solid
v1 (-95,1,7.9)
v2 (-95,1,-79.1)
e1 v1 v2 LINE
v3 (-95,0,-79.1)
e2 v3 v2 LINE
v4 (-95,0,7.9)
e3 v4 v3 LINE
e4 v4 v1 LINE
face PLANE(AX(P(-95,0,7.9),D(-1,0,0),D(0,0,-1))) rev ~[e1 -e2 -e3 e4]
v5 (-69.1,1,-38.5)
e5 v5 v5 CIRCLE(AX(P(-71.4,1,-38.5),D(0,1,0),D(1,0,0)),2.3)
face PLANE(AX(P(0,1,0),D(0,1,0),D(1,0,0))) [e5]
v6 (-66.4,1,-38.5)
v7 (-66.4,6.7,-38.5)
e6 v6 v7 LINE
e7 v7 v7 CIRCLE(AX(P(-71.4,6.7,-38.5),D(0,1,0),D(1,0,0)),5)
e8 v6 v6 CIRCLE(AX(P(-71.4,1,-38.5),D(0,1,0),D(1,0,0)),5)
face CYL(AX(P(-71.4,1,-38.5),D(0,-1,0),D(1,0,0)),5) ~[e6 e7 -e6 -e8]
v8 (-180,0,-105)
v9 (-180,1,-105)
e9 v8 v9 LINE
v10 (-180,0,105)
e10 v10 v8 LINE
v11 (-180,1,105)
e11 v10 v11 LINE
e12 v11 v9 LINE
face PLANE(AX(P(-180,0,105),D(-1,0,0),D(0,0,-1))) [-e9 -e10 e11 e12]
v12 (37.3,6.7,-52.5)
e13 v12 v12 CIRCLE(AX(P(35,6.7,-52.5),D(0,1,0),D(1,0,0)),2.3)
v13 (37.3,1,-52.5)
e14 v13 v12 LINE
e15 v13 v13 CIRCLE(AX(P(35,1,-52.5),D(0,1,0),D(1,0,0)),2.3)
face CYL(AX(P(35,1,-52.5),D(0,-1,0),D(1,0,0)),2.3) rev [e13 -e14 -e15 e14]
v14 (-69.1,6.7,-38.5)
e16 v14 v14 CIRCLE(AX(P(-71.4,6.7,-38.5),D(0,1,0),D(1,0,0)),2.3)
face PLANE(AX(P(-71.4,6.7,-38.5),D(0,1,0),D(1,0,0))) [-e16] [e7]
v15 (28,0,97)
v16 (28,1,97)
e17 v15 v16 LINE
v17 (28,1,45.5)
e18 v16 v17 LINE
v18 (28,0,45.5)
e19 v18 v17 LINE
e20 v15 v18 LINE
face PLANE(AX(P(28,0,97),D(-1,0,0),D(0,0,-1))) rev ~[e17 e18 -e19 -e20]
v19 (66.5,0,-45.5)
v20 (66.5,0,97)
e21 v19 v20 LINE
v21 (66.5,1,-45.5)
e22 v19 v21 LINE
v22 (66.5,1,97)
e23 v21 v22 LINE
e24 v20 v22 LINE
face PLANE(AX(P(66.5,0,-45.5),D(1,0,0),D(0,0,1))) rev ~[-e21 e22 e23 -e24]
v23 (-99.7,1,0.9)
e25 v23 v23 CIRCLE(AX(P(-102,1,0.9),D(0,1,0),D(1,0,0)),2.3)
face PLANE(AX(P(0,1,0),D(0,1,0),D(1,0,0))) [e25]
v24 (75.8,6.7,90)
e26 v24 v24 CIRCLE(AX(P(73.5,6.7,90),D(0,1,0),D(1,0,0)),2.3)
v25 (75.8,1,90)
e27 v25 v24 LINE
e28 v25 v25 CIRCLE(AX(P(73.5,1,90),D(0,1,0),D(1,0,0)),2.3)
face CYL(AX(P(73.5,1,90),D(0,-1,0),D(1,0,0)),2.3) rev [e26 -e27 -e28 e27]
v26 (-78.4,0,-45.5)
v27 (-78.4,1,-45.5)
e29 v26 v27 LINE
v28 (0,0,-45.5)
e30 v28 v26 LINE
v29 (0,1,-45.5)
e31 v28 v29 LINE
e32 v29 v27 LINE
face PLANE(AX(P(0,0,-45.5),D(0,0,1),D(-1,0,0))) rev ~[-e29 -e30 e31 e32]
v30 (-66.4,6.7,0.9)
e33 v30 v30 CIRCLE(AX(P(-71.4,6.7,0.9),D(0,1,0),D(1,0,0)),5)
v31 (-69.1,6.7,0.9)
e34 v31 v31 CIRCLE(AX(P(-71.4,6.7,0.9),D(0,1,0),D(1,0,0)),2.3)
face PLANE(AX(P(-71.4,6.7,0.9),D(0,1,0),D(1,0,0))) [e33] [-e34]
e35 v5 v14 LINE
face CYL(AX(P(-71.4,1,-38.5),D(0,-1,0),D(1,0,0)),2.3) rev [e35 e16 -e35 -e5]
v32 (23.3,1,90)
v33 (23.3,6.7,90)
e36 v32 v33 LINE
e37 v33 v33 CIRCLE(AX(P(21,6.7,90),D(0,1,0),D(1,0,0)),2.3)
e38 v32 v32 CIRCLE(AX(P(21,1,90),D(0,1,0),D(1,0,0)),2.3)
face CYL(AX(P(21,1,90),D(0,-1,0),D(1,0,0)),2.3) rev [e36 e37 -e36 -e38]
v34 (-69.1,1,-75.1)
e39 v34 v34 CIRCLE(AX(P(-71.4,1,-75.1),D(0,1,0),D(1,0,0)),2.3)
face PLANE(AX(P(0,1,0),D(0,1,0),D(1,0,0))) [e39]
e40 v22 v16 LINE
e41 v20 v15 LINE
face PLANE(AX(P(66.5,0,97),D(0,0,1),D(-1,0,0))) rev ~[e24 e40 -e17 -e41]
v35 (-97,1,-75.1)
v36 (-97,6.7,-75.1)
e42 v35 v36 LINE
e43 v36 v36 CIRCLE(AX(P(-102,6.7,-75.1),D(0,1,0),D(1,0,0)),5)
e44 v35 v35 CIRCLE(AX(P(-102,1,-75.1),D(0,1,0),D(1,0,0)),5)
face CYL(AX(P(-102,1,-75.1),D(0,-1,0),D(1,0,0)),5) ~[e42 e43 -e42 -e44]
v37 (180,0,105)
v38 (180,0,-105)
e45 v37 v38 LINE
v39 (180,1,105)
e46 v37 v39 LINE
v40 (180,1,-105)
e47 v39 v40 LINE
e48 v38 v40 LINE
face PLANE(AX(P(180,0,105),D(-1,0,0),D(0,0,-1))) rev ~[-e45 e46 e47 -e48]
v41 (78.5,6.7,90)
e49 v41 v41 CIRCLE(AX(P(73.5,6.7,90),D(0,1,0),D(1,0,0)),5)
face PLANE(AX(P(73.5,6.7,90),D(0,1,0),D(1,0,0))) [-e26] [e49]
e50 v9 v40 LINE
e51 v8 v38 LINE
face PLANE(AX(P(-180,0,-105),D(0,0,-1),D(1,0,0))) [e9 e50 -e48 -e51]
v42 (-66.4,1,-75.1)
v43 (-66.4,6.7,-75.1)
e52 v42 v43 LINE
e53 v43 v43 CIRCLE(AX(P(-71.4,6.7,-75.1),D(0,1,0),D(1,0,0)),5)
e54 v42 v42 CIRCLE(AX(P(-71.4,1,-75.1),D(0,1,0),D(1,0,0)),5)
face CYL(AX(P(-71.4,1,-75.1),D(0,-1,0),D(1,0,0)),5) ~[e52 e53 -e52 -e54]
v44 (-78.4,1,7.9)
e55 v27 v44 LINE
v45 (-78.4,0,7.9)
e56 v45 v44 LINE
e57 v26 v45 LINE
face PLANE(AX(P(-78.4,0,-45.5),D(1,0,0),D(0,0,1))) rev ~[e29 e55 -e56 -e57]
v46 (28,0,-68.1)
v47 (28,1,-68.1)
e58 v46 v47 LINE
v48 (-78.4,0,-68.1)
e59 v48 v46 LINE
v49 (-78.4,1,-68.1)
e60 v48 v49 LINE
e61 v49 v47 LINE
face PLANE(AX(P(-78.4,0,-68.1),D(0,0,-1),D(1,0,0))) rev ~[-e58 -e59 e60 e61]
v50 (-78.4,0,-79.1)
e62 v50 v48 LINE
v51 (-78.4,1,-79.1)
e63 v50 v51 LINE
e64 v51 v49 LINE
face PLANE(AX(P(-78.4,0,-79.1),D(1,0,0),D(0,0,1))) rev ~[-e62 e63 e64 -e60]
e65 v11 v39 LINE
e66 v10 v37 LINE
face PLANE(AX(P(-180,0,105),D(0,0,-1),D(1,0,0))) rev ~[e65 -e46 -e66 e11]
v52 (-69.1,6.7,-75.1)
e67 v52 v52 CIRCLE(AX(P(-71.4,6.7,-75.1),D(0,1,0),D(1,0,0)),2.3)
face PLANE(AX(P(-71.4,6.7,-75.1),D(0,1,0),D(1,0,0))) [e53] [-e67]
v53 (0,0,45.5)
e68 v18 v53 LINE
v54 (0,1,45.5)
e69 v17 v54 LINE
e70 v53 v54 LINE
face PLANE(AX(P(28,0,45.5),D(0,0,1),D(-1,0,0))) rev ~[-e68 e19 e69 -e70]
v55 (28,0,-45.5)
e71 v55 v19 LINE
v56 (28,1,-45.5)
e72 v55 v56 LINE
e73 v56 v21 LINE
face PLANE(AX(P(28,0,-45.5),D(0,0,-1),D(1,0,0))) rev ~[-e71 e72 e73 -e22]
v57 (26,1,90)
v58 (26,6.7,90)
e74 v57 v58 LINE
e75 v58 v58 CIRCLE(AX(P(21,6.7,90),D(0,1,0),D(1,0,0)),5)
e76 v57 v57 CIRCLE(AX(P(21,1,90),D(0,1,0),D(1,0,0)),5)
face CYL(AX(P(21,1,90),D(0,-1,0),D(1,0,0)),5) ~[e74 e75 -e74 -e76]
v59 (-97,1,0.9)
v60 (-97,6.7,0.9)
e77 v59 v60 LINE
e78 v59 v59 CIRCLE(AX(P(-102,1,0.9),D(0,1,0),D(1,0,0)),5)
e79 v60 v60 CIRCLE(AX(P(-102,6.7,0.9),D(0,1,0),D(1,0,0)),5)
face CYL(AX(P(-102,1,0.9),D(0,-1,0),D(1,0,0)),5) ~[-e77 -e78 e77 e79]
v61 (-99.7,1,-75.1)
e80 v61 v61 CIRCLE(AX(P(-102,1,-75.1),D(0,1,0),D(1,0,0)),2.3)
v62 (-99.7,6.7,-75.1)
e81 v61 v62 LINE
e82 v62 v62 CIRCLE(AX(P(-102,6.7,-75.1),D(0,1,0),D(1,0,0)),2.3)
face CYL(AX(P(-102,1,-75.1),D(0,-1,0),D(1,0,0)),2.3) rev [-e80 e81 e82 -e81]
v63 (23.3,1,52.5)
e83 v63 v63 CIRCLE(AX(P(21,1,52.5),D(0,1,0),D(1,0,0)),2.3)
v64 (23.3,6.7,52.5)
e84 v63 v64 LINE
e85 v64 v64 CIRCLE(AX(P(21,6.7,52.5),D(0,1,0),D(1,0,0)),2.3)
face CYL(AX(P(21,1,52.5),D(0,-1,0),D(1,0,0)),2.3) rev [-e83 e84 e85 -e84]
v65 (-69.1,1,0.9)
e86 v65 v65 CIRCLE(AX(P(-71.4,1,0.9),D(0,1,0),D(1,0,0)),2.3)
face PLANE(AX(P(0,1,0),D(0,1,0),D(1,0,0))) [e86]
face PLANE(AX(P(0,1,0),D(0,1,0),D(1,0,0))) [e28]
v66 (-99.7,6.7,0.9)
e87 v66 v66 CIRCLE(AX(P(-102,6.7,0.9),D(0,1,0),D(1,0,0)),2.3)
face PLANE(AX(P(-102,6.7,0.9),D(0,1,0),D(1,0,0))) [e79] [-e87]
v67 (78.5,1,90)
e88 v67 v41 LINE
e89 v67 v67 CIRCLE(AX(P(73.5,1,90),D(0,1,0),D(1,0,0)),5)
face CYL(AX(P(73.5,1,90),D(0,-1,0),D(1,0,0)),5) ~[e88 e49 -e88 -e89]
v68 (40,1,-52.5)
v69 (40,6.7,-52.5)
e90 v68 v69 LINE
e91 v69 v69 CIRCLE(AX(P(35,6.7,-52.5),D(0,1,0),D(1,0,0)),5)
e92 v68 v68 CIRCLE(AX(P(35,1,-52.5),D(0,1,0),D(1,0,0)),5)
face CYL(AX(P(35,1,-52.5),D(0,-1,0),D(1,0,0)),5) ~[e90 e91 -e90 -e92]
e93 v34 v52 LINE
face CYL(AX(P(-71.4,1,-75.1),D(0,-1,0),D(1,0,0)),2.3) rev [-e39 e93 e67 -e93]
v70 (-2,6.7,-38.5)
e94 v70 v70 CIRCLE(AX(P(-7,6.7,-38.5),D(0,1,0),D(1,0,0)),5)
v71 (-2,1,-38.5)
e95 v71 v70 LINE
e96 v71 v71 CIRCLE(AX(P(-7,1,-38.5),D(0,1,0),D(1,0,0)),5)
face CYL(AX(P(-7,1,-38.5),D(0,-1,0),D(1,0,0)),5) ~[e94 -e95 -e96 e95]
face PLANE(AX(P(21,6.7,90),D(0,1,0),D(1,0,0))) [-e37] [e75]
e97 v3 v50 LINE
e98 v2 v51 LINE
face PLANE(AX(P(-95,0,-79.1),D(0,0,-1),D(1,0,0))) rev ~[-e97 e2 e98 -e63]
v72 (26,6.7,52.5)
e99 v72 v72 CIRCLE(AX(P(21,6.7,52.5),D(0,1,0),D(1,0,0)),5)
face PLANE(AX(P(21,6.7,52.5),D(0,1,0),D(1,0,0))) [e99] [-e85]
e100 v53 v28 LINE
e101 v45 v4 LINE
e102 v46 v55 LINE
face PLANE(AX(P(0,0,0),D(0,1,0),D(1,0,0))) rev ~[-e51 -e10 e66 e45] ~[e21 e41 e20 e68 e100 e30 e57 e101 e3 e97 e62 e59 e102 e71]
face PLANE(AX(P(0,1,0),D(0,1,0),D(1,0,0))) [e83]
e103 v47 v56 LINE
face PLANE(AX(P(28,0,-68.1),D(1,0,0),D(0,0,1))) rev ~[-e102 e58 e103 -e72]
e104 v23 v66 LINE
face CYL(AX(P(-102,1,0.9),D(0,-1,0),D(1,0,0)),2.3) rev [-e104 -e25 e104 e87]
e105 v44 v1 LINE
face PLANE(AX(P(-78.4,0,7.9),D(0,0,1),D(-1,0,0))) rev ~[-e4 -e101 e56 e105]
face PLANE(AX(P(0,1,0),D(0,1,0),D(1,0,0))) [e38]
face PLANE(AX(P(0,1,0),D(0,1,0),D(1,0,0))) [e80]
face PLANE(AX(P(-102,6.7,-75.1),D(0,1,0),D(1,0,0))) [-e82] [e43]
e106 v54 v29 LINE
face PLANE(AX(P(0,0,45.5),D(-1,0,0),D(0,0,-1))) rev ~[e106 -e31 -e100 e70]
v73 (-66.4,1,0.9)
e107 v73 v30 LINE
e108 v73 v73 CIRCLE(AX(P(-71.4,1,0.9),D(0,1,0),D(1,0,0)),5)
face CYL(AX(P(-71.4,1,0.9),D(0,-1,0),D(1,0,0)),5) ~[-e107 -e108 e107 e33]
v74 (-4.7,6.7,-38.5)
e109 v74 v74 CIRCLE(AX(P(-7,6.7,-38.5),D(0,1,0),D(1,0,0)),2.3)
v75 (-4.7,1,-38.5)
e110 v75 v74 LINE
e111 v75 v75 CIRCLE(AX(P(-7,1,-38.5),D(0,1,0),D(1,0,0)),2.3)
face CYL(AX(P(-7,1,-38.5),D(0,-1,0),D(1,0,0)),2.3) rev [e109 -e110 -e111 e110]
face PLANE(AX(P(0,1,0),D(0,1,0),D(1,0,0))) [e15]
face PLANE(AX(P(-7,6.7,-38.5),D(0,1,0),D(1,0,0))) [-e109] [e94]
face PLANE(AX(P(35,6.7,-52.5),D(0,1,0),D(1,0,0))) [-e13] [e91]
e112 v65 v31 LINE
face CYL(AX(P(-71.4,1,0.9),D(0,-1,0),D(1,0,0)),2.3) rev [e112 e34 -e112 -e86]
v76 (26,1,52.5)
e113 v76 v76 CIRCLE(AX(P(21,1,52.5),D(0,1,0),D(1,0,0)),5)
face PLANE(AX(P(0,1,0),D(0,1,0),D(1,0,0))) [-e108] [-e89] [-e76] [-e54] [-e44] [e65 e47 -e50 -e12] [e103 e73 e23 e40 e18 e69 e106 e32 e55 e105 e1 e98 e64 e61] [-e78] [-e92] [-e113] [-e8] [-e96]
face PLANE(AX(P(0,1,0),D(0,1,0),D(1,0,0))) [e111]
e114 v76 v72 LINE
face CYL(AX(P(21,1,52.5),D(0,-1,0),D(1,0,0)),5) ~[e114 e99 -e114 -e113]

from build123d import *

# Parameters (mm, degrees)
SKETCH1_W           = 360
SKETCH1_H           = 210
BOSS_EXTRUDE1_DEPTH = 1
SKETCH2_R           = 5
SKETCH2_R_2         = 2.3
BOSS_EXTRUDE2_DEPTH = 5.7


with BuildPart() as part:
    # Sketch1 → Boss-Extrude1 (new body)
    with BuildSketch(Plane(origin=(0, 0, 0), x_dir=(1, 0, 0), z_dir=(0, 1, 0))):
        Rectangle(SKETCH1_W, SKETCH1_H)
        Polygon((28, -45.5), (0, -45.5), (0, 45.5), (-78.4, 45.5), (-78.4, -7.9), (-95, -7.9), (-95, 79.1), (-78.4, 79.1), (-78.4, 68.1), (28, 68.1), (28, 45.5), (66.5, 45.5), (66.5, -45.5), (66.5, -97), (28, -97), align=None, mode=Mode.SUBTRACT)
    extrude(amount=BOSS_EXTRUDE1_DEPTH)

    # Sketch2 → Boss-Extrude2 (add)
    with BuildSketch(Plane(origin=(0, 1, 0), x_dir=(1, 0, 0), z_dir=(0, 1, 0))):
        with Locations((-71.4, 75.1)):
            Circle(SKETCH2_R)
        with Locations((-71.4, 75.1)):
            Circle(SKETCH2_R_2, mode=Mode.SUBTRACT)
        with Locations((-71.4, 38.5)):
            Circle(SKETCH2_R)
        with Locations((-71.4, 38.5)):
            Circle(SKETCH2_R_2, mode=Mode.SUBTRACT)
        with Locations((-102, 75.1)):
            Circle(SKETCH2_R)
        with Locations((-102, 75.1)):
            Circle(SKETCH2_R_2, mode=Mode.SUBTRACT)
        with Locations((-7, 38.5)):
            Circle(SKETCH2_R)
        with Locations((-7, 38.5)):
            Circle(SKETCH2_R_2, mode=Mode.SUBTRACT)
        with Locations((35, 52.5)):
            Circle(SKETCH2_R)
        with Locations((35, 52.5)):
            Circle(SKETCH2_R_2, mode=Mode.SUBTRACT)
        with Locations((21, -52.5)):
            Circle(SKETCH2_R)
        with Locations((21, -52.5)):
            Circle(SKETCH2_R_2, mode=Mode.SUBTRACT)
        with Locations((-71.4, -0.9)):
            Circle(SKETCH2_R)
        with Locations((-71.4, -0.9)):
            Circle(SKETCH2_R_2, mode=Mode.SUBTRACT)
        with Locations((-102, -0.9)):
            Circle(SKETCH2_R)
        with Locations((-102, -0.9)):
            Circle(SKETCH2_R_2, mode=Mode.SUBTRACT)
        with Locations((73.5, -90)):
            Circle(SKETCH2_R)
        with Locations((73.5, -90)):
            Circle(SKETCH2_R_2, mode=Mode.SUBTRACT)
        with Locations((21, -90)):
            Circle(SKETCH2_R)
        with Locations((21, -90)):
            Circle(SKETCH2_R_2, mode=Mode.SUBTRACT)
    extrude(amount=BOSS_EXTRUDE2_DEPTH)


solid = part.part
